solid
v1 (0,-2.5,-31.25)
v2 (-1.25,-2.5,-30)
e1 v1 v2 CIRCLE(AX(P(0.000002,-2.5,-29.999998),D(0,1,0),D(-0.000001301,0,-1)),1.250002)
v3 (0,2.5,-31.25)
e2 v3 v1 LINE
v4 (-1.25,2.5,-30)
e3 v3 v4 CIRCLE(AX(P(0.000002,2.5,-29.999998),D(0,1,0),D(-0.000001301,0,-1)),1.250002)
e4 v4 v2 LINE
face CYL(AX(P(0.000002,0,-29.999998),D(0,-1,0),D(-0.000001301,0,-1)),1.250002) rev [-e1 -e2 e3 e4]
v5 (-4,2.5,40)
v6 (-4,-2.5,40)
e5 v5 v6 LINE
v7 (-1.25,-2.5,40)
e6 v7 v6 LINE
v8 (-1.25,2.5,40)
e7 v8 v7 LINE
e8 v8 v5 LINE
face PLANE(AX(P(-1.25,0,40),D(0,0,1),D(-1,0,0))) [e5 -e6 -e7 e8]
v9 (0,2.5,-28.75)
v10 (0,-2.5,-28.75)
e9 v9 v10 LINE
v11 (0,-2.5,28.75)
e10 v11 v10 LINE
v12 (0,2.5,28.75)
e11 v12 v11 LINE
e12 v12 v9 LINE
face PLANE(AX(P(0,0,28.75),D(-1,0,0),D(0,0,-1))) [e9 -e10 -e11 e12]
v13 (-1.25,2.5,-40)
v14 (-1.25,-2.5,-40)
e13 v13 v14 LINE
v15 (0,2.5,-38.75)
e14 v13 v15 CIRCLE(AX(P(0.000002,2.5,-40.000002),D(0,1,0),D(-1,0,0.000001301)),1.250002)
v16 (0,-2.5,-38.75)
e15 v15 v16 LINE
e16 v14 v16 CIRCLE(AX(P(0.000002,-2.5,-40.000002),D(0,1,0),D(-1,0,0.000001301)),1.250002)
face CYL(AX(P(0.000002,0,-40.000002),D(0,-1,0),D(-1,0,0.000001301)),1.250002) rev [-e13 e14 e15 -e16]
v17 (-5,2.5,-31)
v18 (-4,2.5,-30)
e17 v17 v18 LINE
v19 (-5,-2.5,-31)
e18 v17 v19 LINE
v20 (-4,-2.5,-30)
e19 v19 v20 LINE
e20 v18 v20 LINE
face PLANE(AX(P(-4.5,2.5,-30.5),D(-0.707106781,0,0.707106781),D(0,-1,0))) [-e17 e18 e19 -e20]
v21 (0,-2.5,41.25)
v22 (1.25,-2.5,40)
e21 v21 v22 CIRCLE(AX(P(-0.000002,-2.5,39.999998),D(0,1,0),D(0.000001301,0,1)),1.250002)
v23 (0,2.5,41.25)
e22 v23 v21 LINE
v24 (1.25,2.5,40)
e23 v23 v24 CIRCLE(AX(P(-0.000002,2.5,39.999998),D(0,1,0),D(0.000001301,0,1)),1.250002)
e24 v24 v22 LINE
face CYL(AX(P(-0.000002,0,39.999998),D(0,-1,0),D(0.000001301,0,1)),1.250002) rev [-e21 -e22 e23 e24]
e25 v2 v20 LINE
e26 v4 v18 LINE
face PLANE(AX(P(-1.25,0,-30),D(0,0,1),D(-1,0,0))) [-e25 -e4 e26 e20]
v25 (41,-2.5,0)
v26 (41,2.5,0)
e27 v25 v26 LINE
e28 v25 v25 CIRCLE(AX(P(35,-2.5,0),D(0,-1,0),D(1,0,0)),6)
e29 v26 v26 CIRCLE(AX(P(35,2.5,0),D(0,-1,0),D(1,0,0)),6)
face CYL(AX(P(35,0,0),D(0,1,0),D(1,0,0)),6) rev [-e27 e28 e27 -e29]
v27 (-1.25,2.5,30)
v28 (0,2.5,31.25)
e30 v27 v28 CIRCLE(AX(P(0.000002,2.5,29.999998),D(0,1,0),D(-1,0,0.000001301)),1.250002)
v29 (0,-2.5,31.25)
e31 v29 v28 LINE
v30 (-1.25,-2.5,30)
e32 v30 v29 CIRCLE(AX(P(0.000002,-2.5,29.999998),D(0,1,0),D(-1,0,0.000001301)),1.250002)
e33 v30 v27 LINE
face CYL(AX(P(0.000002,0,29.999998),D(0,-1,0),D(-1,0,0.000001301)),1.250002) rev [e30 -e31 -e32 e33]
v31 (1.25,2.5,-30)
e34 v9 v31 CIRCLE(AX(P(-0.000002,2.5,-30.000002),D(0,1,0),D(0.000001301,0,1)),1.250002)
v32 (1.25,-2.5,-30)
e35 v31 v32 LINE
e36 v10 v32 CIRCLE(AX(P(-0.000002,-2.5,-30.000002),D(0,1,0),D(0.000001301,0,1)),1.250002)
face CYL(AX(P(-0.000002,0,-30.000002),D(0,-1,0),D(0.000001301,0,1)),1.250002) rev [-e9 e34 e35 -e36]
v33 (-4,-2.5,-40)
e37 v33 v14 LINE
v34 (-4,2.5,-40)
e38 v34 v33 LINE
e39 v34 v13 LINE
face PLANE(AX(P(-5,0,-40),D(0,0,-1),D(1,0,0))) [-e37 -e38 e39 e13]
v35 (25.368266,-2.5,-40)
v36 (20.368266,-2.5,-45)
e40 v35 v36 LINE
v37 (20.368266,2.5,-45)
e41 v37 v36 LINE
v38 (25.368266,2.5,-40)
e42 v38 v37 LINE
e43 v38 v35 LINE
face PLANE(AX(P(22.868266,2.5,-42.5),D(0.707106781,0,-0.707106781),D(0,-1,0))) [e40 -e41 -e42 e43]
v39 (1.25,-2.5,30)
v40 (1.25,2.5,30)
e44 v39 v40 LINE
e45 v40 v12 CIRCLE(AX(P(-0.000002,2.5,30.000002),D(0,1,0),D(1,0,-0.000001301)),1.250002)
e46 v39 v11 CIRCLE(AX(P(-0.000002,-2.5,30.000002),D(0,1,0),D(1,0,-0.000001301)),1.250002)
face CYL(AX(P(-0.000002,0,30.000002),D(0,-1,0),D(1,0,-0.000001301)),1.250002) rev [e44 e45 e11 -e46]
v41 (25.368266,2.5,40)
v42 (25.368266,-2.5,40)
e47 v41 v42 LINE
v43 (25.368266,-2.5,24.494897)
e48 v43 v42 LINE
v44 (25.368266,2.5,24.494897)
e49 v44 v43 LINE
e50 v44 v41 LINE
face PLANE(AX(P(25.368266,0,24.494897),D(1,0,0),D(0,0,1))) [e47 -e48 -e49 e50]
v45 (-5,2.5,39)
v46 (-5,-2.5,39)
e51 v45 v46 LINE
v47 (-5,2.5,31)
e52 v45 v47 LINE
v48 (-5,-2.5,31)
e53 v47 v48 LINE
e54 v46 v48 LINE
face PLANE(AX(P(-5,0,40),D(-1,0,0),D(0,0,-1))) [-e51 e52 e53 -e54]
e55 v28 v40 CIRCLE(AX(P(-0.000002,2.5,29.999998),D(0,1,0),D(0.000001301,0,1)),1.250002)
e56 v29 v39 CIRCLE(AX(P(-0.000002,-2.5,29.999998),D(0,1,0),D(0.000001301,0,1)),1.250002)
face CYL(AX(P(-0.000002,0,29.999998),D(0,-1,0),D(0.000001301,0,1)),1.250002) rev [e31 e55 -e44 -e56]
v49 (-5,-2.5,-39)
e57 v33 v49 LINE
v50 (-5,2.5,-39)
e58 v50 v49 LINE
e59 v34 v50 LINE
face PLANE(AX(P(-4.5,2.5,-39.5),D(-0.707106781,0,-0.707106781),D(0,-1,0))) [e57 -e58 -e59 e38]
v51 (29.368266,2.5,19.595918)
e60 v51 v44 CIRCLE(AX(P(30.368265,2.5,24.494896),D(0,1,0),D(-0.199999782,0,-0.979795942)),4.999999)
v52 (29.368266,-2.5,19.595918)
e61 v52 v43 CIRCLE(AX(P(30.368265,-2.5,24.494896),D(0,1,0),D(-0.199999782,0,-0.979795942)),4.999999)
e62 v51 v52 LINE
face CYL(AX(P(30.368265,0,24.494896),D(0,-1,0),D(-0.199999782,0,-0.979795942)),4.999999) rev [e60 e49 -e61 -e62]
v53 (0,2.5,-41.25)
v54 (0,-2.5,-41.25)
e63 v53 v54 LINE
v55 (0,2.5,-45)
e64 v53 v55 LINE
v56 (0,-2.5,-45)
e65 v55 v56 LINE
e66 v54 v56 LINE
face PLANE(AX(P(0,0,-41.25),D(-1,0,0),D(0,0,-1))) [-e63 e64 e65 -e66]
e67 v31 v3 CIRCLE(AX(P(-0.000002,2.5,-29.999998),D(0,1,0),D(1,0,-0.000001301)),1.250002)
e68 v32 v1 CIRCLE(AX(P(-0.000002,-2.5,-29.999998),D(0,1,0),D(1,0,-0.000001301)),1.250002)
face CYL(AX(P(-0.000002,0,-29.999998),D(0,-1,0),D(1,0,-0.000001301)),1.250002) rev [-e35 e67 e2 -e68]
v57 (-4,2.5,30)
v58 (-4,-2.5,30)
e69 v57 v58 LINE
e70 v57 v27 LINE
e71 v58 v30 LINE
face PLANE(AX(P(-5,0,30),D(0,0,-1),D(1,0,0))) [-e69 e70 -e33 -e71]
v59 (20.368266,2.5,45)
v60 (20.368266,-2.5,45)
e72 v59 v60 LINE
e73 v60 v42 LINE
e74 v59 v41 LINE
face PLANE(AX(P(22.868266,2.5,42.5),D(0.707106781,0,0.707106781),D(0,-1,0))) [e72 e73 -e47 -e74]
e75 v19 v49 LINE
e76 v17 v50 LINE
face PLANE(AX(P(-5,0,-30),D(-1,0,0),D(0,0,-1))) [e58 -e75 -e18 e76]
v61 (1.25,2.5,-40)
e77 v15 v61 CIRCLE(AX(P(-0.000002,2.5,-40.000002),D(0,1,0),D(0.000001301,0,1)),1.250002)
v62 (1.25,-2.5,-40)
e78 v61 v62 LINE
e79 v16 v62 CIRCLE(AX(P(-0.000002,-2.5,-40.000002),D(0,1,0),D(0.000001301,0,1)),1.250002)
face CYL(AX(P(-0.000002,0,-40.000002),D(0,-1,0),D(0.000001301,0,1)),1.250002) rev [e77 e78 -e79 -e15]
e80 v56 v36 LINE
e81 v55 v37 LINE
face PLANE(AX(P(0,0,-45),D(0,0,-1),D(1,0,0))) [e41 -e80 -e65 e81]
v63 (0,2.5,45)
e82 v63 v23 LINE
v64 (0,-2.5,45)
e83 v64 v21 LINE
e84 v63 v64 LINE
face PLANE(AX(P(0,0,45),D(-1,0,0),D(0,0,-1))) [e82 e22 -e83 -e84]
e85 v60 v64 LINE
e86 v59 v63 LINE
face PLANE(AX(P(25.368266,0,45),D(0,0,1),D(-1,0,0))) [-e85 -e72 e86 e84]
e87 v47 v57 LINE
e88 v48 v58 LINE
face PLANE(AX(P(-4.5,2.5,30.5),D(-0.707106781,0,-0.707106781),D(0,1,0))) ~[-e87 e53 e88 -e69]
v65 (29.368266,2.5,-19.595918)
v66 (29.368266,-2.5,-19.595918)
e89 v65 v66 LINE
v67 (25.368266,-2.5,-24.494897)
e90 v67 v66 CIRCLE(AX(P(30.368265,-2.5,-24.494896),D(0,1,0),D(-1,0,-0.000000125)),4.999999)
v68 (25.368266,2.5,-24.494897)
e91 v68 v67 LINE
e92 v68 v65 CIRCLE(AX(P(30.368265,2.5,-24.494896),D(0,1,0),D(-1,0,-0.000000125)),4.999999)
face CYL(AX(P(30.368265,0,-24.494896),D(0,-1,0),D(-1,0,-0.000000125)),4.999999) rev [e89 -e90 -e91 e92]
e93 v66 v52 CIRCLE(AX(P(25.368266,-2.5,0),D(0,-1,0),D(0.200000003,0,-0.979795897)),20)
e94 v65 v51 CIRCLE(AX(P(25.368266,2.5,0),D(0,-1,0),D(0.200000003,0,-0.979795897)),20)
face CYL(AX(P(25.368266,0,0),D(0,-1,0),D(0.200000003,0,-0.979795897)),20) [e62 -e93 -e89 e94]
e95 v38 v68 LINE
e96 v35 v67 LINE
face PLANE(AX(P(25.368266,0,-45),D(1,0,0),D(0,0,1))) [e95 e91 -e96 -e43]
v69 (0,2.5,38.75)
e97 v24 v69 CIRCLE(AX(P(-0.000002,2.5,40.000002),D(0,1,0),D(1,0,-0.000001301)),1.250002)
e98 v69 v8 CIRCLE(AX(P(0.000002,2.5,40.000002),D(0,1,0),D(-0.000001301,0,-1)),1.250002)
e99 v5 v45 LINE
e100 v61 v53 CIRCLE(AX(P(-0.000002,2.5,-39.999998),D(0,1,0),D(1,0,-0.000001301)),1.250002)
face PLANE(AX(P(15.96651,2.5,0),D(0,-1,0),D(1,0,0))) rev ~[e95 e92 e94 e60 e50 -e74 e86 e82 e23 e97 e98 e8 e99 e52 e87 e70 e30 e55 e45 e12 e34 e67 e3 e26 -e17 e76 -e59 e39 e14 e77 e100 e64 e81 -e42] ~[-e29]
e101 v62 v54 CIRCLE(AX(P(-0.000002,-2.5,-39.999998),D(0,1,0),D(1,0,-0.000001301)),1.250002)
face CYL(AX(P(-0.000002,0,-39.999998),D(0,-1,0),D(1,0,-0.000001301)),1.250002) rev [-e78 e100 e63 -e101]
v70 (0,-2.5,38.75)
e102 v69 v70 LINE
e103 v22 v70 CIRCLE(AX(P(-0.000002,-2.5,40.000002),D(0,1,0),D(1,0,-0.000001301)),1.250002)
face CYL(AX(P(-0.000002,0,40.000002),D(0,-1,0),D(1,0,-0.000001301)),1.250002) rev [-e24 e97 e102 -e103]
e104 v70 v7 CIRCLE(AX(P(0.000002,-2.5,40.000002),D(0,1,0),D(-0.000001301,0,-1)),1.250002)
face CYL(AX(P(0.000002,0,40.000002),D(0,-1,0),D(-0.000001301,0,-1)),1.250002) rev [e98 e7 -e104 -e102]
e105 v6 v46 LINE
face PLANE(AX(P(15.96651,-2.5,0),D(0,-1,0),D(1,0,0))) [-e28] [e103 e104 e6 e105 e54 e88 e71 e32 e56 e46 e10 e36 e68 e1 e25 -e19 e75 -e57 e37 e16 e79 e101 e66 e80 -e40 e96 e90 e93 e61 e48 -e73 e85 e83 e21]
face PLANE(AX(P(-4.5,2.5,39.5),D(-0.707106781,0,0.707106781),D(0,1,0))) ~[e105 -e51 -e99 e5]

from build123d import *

# Parameters (mm, degrees)
F0_R     = 6
F1_DEPTH = 2.5
F2_SIZE  = 5
F3_SIZE  = 1


with BuildPart() as f1:
    # F0 (on Front) → F1 (new body, symmetric)
    with BuildSketch(Plane.XZ):
        with BuildLine():
            Line((5, 40), (5, 30))
            Line((5, 30), (1.25, 30))
            ThreePointArc((1.25, 30), (0.883883, 29.116117), (0, 28.75))
            Line((0, 28.75), (0, 0))
            Line((0, 0), (0, -28.75))
            ThreePointArc((0, -28.75), (0.883883, -29.116117), (1.25, -30))
            Line((1.25, -30), (5, -30))
            Line((5, -30), (5, -40))
            Line((5, -40), (1.25, -40))
            ThreePointArc((1.25, -40), (0.883883, -40.883883), (0, -41.25))
            Line((0, -41.25), (0, -45))
            Line((0, -45), (25.368266, -45))
            Line((25.368266, -45), (25.368266, -24.494897))
            ThreePointArc((25.368266, -24.494897), (26.495282, -21.33262), (29.368266, -19.595918))
            ThreePointArc((29.368266, -19.595918), (45.368266, 0), (29.368266, 19.595918))
            ThreePointArc((29.368266, 19.595918), (26.495282, 21.33262), (25.368266, 24.494897))
            Line((25.368266, 24.494897), (25.368266, 45))
            Line((25.368266, 45), (0, 45))
            Line((0, 45), (0, 41.25))
            ThreePointArc((0, 41.25), (0.883883, 40.883883), (1.25, 40))
            Line((1.25, 40), (5, 40))
        make_face()
        with Locations((35, 0)):
            Circle(F0_R, mode=Mode.SUBTRACT)
        with BuildLine():
            Line((5, -30), (1.25, -30))
            ThreePointArc((1.25, -30), (0.883883, -30.883883), (0, -31.25))
            Line((0, -31.25), (0, -38.75))
            ThreePointArc((0, -38.75), (0.883883, -39.116117), (1.25, -40))
            Line((1.25, -40), (5, -40))
            Line((5, -40), (5, -30))
        make_face()
        with BuildLine():
            ThreePointArc((0, -31.25), (-0.883883, -30.883883), (-1.25, -30))
            Line((-1.25, -30), (-5, -30))
            Line((-5, -30), (-5, -40))
            Line((-5, -40), (-1.25, -40))
            ThreePointArc((-1.25, -40), (-0.883883, -39.116117), (0, -38.75))
            Line((0, -38.75), (0, -31.25))
        make_face()
        with BuildLine():
            Line((1.25, 30), (5, 30))
            Line((5, 30), (5, 40))
            Line((5, 40), (1.25, 40))
            ThreePointArc((1.25, 40), (0.883883, 39.116117), (0, 38.75))
            Line((0, 38.75), (0, 31.25))
            ThreePointArc((0, 31.25), (0.883883, 30.883883), (1.25, 30))
        make_face()
        with BuildLine():
            ThreePointArc((-1.25, 30), (-0.883883, 30.883883), (0, 31.25))
            Line((0, 31.25), (0, 38.75))
            ThreePointArc((0, 38.75), (-0.883883, 39.116117), (-1.25, 40))
            Line((-1.25, 40), (-5, 40))
            Line((-5, 40), (-5, 30))
            Line((-5, 30), (-1.25, 30))
        make_face()
    extrude(amount=F1_DEPTH, both=True)

    # F2
    f2_edges = [f1.edges().sort_by_distance(p)[0] for p in [
        (25.368266, 0, 45),
        (25.368266, 0, -45),
    ]]
    chamfer(f2_edges, length=F2_SIZE)

    # F3
    f3_edges = [f1.edges().sort_by_distance(p)[0] for p in [
        (-5, 0, 40),
        (-5, 0, -30),
        (-5, 0, 30),
        (-5, 0, -40),
    ]]
    chamfer(f3_edges, length=F3_SIZE)


solid = f1.part
